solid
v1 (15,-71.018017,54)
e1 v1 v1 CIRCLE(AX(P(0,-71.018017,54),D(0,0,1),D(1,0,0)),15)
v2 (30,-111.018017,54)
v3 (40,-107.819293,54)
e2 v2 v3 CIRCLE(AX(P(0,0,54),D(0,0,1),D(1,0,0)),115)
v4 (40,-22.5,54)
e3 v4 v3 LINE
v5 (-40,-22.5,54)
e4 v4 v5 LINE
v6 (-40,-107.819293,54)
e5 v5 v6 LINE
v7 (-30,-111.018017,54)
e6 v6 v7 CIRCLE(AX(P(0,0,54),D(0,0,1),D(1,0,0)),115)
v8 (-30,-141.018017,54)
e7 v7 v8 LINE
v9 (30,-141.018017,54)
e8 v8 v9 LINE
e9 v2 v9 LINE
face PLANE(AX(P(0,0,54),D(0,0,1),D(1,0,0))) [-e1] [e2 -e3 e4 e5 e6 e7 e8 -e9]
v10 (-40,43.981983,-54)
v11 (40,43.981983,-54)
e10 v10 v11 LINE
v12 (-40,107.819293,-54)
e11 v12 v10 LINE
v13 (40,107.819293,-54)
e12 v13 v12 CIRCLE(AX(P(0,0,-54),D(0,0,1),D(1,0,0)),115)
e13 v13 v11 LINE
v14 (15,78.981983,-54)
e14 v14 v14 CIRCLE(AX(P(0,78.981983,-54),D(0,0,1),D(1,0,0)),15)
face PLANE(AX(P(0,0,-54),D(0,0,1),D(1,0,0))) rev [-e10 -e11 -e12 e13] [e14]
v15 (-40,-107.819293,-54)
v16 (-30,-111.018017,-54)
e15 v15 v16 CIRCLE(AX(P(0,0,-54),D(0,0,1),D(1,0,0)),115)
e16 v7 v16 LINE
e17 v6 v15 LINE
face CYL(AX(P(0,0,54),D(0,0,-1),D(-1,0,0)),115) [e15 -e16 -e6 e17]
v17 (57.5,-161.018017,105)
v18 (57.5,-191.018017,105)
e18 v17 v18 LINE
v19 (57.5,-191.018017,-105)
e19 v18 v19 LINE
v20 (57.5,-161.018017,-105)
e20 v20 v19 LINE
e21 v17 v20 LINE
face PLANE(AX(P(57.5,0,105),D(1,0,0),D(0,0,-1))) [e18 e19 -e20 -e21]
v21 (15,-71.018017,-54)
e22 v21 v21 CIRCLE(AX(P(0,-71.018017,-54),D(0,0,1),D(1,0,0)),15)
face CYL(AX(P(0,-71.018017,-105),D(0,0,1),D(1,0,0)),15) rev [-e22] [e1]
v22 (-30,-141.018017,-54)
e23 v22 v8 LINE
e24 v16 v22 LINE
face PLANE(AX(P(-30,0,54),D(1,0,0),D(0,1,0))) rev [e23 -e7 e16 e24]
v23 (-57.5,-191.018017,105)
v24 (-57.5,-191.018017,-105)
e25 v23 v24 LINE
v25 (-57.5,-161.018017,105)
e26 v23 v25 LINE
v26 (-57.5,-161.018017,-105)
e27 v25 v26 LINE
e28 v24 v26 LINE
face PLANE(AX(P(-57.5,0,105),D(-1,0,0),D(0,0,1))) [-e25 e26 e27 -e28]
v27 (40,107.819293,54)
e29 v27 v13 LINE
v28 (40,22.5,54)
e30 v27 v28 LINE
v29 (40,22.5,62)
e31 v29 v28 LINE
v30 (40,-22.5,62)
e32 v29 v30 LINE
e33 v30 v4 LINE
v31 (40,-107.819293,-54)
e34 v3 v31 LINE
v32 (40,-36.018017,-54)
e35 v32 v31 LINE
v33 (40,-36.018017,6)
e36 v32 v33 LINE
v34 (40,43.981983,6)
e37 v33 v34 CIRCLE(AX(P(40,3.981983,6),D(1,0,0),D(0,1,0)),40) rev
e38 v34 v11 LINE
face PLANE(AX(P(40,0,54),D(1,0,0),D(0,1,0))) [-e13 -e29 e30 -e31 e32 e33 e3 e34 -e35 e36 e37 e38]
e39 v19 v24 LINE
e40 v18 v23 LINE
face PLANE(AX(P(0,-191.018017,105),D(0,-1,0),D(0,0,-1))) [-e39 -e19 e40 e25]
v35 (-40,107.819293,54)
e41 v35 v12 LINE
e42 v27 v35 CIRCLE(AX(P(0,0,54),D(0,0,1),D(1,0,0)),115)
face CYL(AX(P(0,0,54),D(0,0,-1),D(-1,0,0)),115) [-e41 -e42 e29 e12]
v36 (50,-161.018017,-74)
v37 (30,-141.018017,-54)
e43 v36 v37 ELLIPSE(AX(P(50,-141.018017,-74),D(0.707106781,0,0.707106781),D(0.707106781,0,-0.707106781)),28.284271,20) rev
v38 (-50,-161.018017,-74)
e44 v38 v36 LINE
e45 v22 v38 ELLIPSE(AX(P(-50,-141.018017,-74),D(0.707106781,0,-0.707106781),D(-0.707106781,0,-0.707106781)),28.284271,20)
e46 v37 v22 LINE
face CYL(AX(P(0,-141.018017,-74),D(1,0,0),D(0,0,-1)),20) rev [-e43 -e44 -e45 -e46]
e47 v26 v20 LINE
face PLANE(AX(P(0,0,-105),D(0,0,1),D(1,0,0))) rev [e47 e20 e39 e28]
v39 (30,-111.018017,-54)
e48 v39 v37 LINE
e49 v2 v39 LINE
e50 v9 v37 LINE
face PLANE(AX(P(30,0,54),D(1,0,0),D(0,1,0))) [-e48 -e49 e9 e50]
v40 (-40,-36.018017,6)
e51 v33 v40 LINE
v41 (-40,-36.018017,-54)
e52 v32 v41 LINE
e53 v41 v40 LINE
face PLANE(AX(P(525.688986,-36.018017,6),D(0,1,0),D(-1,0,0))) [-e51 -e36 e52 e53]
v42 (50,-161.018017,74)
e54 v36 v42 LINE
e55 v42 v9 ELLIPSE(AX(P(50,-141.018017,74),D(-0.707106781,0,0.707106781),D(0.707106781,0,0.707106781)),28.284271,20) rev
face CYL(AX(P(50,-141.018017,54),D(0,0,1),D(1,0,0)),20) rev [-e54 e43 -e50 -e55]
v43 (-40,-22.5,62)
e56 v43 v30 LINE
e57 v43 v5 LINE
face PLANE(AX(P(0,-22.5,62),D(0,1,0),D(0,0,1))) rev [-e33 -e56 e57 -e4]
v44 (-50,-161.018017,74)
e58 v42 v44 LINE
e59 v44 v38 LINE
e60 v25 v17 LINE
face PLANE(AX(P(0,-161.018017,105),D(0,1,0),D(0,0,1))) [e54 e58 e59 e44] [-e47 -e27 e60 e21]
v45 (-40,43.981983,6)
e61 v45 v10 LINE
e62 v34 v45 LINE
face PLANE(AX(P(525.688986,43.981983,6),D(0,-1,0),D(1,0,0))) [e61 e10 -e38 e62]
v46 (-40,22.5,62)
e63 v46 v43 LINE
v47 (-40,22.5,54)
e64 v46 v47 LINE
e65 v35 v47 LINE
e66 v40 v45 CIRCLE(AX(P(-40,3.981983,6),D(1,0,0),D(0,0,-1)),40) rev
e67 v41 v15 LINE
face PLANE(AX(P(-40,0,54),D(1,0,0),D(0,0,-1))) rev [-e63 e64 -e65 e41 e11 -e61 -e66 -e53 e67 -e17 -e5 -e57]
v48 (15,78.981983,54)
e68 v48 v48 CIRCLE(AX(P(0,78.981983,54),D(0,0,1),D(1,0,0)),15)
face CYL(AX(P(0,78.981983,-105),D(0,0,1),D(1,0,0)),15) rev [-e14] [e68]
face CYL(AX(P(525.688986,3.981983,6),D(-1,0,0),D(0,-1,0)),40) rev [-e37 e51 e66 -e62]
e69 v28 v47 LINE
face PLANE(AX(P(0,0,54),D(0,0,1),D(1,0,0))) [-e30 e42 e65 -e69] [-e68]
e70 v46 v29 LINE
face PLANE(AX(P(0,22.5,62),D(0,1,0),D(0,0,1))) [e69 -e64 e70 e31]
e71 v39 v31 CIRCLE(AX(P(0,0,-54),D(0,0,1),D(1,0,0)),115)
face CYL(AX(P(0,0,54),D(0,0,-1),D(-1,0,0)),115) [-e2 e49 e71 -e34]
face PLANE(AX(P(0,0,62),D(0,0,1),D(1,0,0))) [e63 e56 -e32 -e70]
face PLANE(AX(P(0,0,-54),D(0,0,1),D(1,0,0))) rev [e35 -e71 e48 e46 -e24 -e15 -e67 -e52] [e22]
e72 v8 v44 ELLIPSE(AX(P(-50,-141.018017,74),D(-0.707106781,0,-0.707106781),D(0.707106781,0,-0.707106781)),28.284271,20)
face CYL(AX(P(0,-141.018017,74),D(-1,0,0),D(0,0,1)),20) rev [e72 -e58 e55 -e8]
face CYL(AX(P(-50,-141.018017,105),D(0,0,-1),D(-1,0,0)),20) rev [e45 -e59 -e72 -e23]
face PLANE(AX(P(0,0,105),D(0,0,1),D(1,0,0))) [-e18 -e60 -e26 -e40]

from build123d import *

# Parameters (mm, degrees)
BOSS_EXTRUDE2_DEPTH     = 105
BOSS_EXTRUDE3_DEPTH     = 54
SKETCH3_4_W             = 80
SKETCH3_4_H             = 45
BOSS_EXTRUDE4_DEPTH     = 62
CUT_EXTRUDE1_DEPTH      = 18.5
CUT_EXTRUDE1_DEPTH_BACK = 98.5
FILLET1_R               = 20
SKETCH7_R               = 15
CUT_EXTRUDE2_DEPTH      = 160


with BuildPart() as part:
    # Sketch3 → Boss-Extrude2 (new body, symmetric)
    with BuildSketch(Plane.XY):
        Polygon((30, -161.018016556), (-30, -161.018016556), (-57.5, -161.018016556), (-57.5, -191.018016556), (57.5, -191.018016556), (57.5, -161.018016556), align=None)
    extrude(amount=BOSS_EXTRUDE2_DEPTH, both=True)

    # Sketch3<3> → Boss-Extrude3 (add, symmetric)
    with BuildSketch(Plane.XY):
        with BuildLine():
            Line((-40, 107.819293264), (-40, -107.819293264))
            ThreePointArc((-40, -107.819293264), (-35.036523196, -109.532835453), (-30, -111.018016556))
            Line((-30, -111.018016556), (-30, -161.018016556))
            Line((-30, -161.018016556), (30, -161.018016556))
            Line((30, -161.018016556), (30, -111.018016556))
            ThreePointArc((30, -111.018016556), (35.036523196, -109.532835453), (40, -107.819293264))
            Line((40, -107.819293264), (40, 107.819293264))
            ThreePointArc((40, 107.819293264), (0, 115), (-40, 107.819293264))
        make_face()
    extrude(amount=BOSS_EXTRUDE3_DEPTH, both=True)

    # Sketch3<4> → Boss-Extrude4 (add)
    with BuildSketch(Plane.XY):
        Rectangle(SKETCH3_4_W, SKETCH3_4_H)
    extrude(amount=BOSS_EXTRUDE4_DEPTH)

    # Sketch5 → Cut-Extrude1 (cut, two sides)
    with BuildSketch(Plane(origin=(40, 0, 0), x_dir=(0, 0, -1), z_dir=(1, 0, 0))) as cut_extrude1_sk:
        with BuildLine():
            Line((54, 43.981983444), (-6, 43.981983444))
            ThreePointArc((-6, 43.981983444), (-46, 3.981983444), (-6, -36.018016556))
            Line((-6, -36.018016556), (54, -36.018016556))
            Line((54, -36.018016556), (54, 43.981983444))
        make_face()
    extrude(amount=CUT_EXTRUDE1_DEPTH, mode=Mode.SUBTRACT)
    extrude(cut_extrude1_sk.sketch, amount=-CUT_EXTRUDE1_DEPTH_BACK, mode=Mode.SUBTRACT)

    # Fillet1
    fillet1_edges = [part.edges().sort_by_distance(p)[0] for p in [
        (0, -161.018016556, -54),
        (-30, -161.018016556, 0),
        (30, -161.018016556, 0),
        (0, -161.018016556, 54),
    ]]
    fillet(fillet1_edges, radius=FILLET1_R)

    # Sketch7 → Cut-Extrude2 (cut, through all)
    with BuildSketch(Plane.XY.offset(54)):
        with Locations((0, -71.018016556)):
            Circle(SKETCH7_R)
        with Locations((0, 78.981983444)):
            Circle(SKETCH7_R)
    extrude(amount=-CUT_EXTRUDE2_DEPTH, mode=Mode.SUBTRACT)


solid = part.part
